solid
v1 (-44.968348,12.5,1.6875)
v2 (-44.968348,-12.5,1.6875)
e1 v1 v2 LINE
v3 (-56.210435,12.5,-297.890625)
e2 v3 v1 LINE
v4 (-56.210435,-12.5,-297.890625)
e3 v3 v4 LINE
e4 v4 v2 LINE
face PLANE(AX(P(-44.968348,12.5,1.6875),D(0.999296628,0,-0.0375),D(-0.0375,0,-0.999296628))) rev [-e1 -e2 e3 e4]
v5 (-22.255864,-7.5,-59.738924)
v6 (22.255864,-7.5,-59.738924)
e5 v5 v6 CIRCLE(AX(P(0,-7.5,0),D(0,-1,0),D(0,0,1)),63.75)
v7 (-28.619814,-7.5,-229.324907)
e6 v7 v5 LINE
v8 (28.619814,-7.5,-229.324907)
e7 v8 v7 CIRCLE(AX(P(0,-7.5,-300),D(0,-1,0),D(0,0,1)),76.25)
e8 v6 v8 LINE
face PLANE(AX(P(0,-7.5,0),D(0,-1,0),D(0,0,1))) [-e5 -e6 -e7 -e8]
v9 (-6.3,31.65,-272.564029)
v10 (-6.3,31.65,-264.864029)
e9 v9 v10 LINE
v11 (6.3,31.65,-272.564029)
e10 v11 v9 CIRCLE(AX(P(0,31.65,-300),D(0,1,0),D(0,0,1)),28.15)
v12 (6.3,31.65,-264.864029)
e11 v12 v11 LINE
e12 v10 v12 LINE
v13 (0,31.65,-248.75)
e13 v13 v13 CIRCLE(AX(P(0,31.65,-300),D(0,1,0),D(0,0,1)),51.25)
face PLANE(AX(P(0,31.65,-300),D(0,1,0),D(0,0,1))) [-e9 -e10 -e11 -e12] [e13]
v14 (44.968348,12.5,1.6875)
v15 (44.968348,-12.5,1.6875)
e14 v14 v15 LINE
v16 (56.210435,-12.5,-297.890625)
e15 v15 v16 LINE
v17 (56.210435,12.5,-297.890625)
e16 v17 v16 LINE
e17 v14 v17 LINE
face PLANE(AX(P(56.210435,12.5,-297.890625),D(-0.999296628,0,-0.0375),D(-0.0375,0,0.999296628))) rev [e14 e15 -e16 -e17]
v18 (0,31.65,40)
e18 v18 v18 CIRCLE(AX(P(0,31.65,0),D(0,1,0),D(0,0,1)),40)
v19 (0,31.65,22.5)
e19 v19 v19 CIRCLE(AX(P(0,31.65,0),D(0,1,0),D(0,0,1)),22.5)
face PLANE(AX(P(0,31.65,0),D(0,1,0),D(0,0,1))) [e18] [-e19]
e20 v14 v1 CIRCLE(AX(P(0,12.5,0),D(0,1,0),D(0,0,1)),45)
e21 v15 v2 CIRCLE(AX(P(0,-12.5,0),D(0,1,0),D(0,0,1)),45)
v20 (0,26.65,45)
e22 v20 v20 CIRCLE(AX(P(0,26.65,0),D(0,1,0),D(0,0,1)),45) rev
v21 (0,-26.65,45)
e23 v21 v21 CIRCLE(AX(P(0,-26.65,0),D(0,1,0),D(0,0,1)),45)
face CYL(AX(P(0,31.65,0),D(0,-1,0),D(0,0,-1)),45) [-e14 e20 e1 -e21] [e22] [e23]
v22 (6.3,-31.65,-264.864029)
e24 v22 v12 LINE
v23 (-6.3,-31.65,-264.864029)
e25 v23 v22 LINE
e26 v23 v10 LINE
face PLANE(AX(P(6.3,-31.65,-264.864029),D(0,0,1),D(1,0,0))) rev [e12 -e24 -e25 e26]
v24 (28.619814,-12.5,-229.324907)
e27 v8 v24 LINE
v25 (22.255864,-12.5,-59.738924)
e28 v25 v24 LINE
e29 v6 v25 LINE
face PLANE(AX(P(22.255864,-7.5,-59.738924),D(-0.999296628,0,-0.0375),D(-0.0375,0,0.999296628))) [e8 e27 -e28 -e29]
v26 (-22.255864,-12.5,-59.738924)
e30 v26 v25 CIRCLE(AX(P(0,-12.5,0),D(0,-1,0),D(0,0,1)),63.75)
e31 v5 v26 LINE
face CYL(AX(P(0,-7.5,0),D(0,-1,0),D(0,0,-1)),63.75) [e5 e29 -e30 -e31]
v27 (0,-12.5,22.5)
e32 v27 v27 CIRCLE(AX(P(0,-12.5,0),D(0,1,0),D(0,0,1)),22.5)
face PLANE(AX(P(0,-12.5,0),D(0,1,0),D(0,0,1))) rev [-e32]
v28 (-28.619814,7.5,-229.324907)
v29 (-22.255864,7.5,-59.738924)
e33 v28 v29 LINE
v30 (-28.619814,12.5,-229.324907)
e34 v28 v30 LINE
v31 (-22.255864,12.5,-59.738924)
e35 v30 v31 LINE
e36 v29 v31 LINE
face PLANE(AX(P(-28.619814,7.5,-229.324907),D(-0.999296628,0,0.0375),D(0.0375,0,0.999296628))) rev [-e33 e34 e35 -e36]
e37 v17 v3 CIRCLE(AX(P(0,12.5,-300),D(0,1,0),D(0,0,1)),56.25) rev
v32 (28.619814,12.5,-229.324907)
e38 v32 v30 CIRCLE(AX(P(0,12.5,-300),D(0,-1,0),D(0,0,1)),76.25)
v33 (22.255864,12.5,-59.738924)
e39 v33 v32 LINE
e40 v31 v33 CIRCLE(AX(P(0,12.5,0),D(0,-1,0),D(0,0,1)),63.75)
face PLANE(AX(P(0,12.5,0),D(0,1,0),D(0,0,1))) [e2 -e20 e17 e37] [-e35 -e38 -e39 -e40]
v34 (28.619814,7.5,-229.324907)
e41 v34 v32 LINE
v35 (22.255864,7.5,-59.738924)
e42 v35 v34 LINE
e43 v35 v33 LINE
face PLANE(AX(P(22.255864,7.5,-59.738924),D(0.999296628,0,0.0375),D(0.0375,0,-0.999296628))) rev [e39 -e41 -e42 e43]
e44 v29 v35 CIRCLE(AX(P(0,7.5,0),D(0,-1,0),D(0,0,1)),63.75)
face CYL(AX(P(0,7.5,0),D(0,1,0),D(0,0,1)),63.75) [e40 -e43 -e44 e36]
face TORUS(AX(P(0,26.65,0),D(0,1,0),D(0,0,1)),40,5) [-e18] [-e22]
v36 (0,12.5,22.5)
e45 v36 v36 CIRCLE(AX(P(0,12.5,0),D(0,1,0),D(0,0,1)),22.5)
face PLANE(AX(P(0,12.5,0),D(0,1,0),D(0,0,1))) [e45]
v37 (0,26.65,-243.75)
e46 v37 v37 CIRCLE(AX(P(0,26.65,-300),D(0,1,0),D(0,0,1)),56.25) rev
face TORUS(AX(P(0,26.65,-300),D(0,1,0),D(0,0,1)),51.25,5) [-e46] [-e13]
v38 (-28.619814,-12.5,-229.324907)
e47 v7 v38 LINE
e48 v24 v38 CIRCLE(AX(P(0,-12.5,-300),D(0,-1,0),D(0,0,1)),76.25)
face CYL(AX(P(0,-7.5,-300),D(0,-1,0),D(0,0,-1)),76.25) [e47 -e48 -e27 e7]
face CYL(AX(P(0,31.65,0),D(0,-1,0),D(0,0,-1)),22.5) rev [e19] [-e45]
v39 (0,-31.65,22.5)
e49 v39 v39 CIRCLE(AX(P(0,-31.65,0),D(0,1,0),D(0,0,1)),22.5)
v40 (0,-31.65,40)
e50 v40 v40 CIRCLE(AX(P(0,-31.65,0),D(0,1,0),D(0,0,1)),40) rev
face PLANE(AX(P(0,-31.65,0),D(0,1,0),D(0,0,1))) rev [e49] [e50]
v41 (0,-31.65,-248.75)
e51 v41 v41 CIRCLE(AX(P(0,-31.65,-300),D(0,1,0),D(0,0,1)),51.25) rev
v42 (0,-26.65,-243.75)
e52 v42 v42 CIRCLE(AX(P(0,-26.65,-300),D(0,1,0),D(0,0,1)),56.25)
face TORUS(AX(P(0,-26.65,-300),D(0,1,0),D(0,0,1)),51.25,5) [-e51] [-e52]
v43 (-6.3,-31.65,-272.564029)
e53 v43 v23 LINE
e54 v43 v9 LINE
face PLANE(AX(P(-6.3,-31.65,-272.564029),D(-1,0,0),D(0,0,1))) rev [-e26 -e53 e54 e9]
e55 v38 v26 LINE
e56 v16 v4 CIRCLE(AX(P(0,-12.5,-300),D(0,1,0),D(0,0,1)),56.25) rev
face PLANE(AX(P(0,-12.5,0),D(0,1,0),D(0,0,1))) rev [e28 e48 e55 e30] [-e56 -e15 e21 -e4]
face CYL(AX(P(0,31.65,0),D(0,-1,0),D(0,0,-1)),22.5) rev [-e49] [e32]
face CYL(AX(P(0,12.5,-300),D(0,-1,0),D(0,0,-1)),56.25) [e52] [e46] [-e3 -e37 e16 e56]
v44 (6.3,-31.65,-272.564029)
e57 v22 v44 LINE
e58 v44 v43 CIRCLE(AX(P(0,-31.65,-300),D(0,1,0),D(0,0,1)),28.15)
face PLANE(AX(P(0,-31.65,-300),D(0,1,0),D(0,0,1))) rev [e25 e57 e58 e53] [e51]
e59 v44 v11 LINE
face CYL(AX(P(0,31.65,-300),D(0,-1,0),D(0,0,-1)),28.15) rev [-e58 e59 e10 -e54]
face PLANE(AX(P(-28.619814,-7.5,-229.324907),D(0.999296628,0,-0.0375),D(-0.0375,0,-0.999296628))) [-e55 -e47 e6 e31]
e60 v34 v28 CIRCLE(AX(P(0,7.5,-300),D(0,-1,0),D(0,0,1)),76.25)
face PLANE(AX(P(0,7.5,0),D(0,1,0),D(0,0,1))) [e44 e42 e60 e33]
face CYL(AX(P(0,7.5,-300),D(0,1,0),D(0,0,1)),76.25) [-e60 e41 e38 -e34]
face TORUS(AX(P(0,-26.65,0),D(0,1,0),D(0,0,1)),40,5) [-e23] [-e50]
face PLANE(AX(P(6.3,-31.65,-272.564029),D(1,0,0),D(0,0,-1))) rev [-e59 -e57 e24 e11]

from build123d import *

# Parameters (mm, degrees)
SKETCH1_R             = 45
SKETCH1_R_2           = 22.5
BOSS_EXTRUDE1_DEPTH   = 31.65
SKETCH1_R_3           = 56.25
SKETCH1_R_4           = 28.15
BOSS_EXTRUDE1_2_DEPTH = 31.65
BOSS_EXTRUDE2_DEPTH   = 12.5
CUT_EXTRUDE1_DEPTH    = 5
CUT_EXTRUDE2_DEPTH    = 367.176207583
FILLET1_R             = 5


with BuildPart() as part:
    # Sketch1 → Boss-Extrude1 (new, symmetric)
    with BuildSketch(Plane(origin=(0, 0, 0), x_dir=(1, 0, 0), z_dir=(0, 1, 0))):
        with Locations(Location((0, 0, 0), (0, 0, 270))):
            Circle(SKETCH1_R)
        with Locations(Location((0, 0, 0), (0, 0, 270))):
            Circle(SKETCH1_R_2, mode=Mode.SUBTRACT)
    extrude(amount=BOSS_EXTRUDE1_DEPTH, both=True)



with BuildPart() as body_2:
    # Sketch1 → Boss-Extrude1 2 (new, symmetric)
    with BuildSketch(Plane(origin=(0, 0, 0), x_dir=(1, 0, 0), z_dir=(0, 1, 0))):
        with Locations(Location((0, 300, 0), (0, 0, 270))):
            Circle(SKETCH1_R_3)
        with Locations(Location((0, 300, 0), (0, 0, 270))):
            Circle(SKETCH1_R_4, mode=Mode.SUBTRACT)
    extrude(amount=BOSS_EXTRUDE1_2_DEPTH, both=True)


with BuildPart() as part_1:
    add(part.part)

    add(body_2.part)  # Boss-Extrude2 merges body 2
    # Sketch2 → Boss-Extrude2 (add, symmetric)
    with BuildSketch(Plane(origin=(0, 0, 0), x_dir=(1, 0, 0), z_dir=(0, 1, 0))):
        with BuildLine():
            Line((56.210435304, 297.890625), (44.968348244, -1.6875))
            ThreePointArc((44.968348244, -1.6875), (0, -45), (-44.968348244, -1.6875))
            Line((-44.968348244, -1.6875), (-56.210435304, 297.890625))
            ThreePointArc((-56.210435304, 297.890625), (0, 356.25), (56.210435304, 297.890625))
        make_face()
    extrude(amount=BOSS_EXTRUDE2_DEPTH, both=True)

    # Sketch3 → Cut-Extrude1 (cut)
    with BuildSketch(Plane(origin=(0, 12.5, 0), x_dir=(1, 0, 0), z_dir=(0, 1, 0))):
        with BuildLine():
            Line((22.255863805, 59.73892388), (28.619814412, 229.324907336))
            ThreePointArc((28.619814412, 229.324907336), (0, 223.75), (-28.619814412, 229.324907336))
            Line((-28.619814412, 229.324907336), (-22.255863805, 59.73892388))
            ThreePointArc((-22.255863805, 59.73892388), (0, 63.75), (22.255863805, 59.73892388))
        make_face()
    cut_extrude1 = extrude(amount=-CUT_EXTRUDE1_DEPTH, mode=Mode.SUBTRACT)

    # Mirror1: Cut-Extrude1 across plane
    add(cut_extrude1.mirror(Plane.ZX), mode=Mode.SUBTRACT)

    # Sketch4 → Cut-Extrude2 (cut, through all)
    with BuildSketch(Plane(origin=(0, 31.65, 0), x_dir=(1, 0, 0), z_dir=(0, 1, 0))):
        with BuildLine():
            Line((6.3, 272.564029086), (6.3, 264.864029086))
            Line((6.3, 264.864029086), (-6.3, 264.864029086))
            Line((-6.3, 264.864029086), (-6.3, 272.564029086))
            ThreePointArc((-6.3, 272.564029086), (0, 328.15), (6.3, 272.564029086))
        make_face()
    extrude(amount=-CUT_EXTRUDE2_DEPTH, mode=Mode.SUBTRACT)

    # Fillet1
    fillet1_edges = [part_1.edges().sort_by_distance(p)[0] for p in [
        (0, -31.65, -45),
        (0, -31.65, -356.25),
        (0, 31.65, -356.25),
        (0, 31.65, -45),
    ]]
    fillet(fillet1_edges, radius=FILLET1_R)


solid = part_1.part
